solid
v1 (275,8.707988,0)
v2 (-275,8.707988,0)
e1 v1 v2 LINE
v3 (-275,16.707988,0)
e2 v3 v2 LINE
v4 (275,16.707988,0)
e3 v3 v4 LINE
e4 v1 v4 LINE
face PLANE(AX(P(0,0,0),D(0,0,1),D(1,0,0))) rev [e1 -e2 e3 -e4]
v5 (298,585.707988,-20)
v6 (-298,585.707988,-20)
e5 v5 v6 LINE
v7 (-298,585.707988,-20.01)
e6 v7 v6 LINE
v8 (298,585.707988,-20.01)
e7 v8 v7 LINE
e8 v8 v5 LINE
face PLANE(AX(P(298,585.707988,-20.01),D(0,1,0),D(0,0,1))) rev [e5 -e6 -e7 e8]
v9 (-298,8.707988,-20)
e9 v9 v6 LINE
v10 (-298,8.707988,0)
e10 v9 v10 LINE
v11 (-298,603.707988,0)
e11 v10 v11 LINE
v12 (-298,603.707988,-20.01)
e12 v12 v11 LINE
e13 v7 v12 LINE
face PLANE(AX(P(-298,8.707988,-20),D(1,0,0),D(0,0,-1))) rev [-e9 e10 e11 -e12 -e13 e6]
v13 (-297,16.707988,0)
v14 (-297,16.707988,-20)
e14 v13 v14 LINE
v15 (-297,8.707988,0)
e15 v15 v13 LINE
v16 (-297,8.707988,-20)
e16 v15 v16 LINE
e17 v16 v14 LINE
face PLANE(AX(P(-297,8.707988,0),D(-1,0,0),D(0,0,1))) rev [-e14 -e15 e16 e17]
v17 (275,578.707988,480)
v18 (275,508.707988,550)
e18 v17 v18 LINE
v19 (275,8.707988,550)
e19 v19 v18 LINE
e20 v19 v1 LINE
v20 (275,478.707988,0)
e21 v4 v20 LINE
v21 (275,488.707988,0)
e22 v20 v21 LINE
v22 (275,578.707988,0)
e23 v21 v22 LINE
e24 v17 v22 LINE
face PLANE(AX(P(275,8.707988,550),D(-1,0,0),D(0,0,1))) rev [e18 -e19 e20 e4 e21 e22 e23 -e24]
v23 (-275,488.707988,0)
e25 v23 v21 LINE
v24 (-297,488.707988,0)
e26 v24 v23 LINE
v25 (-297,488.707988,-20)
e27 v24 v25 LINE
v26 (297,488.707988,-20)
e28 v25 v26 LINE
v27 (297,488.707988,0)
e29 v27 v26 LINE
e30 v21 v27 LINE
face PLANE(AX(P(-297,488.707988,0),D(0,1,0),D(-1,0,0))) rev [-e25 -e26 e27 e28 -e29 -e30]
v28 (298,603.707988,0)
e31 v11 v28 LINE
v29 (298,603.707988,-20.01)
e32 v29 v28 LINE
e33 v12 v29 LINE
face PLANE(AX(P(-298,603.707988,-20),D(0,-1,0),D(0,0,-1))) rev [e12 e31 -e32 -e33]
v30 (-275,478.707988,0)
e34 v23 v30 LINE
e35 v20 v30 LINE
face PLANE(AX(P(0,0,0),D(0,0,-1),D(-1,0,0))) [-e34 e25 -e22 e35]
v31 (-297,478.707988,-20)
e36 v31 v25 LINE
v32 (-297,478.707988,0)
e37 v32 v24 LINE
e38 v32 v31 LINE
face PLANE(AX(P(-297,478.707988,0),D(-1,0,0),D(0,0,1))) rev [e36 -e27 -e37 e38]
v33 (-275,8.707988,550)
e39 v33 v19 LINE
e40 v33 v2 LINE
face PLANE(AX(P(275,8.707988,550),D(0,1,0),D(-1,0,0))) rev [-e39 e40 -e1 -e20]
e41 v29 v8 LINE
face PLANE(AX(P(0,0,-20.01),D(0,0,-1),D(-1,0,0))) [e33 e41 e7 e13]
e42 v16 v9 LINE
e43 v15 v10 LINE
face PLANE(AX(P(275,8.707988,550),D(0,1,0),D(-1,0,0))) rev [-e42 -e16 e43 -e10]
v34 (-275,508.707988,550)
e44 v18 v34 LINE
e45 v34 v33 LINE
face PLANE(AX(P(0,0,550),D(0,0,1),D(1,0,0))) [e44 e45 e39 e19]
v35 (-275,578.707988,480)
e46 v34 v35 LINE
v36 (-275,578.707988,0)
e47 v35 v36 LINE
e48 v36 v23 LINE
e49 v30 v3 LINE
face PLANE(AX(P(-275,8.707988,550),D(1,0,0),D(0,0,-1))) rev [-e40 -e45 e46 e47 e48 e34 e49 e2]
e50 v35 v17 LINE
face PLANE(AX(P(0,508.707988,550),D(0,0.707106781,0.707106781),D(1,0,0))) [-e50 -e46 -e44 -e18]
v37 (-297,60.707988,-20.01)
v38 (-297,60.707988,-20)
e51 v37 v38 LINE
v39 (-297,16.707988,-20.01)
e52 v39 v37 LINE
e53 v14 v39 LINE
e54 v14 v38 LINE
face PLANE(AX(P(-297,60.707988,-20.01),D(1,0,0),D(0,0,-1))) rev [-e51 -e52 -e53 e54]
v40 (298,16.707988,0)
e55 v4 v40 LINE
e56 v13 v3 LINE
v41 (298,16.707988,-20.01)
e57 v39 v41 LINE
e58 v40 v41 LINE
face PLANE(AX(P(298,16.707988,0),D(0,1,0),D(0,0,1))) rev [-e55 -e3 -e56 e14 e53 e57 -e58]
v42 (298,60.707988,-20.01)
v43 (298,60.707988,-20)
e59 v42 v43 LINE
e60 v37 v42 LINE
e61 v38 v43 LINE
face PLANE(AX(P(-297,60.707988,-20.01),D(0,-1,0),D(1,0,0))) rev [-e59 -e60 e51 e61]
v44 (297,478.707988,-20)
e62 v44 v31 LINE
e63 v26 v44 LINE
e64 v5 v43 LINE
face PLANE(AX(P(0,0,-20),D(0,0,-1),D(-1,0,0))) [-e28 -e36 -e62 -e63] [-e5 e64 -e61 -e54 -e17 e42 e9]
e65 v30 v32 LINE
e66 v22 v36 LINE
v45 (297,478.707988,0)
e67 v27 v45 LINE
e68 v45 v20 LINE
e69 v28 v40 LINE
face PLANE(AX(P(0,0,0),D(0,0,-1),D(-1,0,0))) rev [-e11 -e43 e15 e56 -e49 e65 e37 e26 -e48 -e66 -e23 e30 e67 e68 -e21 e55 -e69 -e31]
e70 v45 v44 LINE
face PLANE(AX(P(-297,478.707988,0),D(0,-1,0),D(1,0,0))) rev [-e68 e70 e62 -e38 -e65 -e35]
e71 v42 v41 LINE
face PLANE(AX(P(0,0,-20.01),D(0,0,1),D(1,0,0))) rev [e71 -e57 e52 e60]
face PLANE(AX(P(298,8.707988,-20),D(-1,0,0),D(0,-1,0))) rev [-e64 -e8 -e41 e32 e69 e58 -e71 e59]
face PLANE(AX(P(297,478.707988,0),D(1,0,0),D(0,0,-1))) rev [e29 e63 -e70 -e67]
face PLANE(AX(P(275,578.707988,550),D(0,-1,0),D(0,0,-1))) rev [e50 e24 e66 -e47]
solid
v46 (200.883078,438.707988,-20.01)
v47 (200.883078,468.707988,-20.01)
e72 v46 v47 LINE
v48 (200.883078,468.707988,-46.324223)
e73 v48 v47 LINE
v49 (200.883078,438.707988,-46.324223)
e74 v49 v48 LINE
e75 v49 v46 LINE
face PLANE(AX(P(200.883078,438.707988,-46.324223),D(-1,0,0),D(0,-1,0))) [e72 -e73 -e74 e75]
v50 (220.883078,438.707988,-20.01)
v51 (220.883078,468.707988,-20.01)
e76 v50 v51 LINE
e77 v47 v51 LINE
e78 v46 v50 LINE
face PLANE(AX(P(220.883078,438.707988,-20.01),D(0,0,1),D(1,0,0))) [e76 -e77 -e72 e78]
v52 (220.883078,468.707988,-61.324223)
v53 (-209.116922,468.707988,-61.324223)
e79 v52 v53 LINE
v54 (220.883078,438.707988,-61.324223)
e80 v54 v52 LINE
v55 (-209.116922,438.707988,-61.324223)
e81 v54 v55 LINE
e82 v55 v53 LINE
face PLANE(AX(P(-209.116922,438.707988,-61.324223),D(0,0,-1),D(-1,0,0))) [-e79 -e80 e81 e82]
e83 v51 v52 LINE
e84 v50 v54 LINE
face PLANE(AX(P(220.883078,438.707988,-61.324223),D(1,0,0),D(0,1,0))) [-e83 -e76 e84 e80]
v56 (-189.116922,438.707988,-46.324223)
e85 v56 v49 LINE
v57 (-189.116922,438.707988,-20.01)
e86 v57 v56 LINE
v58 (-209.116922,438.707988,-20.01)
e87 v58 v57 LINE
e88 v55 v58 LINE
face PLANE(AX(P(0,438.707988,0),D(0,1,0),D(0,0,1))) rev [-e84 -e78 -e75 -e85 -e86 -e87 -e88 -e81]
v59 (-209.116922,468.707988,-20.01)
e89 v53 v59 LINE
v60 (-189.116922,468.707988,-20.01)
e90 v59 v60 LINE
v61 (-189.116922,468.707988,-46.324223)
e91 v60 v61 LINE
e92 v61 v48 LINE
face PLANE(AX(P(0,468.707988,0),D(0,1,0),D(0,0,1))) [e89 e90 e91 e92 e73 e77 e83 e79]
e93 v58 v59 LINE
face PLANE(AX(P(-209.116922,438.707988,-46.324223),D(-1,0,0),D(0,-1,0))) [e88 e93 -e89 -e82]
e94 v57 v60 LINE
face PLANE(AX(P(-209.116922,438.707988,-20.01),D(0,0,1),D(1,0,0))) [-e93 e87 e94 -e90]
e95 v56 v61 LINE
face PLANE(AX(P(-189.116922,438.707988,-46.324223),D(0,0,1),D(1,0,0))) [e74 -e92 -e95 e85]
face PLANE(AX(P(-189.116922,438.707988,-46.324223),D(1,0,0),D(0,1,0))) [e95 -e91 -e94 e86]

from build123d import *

# Parameters (mm, degrees)
SKETCH2_W           = 550
SKETCH2_H           = 570
BOSS_EXTRUDE2_DEPTH = 550
CHAMFER1_SIZE       = 70
SKETCH3_W           = 596
SKETCH3_H           = 595
BOSS_EXTRUDE3_DEPTH = 20
SKETCH4_W           = 595
SKETCH4_H           = 52
SKETCH4_W_2         = 596
SKETCH4_H_2         = 18
BOSS_EXTRUDE4_DEPTH = 0.01
SKETCH5_W           = 595
SKETCH5_H           = 8
SKETCH5_W_2         = 594
SKETCH5_H_2         = 10
CUT_EXTRUDE1_DEPTH  = 20.01
BOSS_EXTRUDE5_DEPTH = 30


with BuildPart() as part:
    # Sketch2 → Boss-Extrude2 (new body)
    with BuildSketch(Plane.XY):
        with Locations((0, 293.707988466)):
            Rectangle(SKETCH2_W, SKETCH2_H)
    extrude(amount=BOSS_EXTRUDE2_DEPTH)

    # Chamfer1
    chamfer1_edges = [part.edges().sort_by_distance(p)[0] for p in [
        (0, 578.707988466, 550),
    ]]
    chamfer(chamfer1_edges, length=CHAMFER1_SIZE)

    # Sketch3 → Boss-Extrude3 (add)
    with BuildSketch(Plane(origin=(0, 0, 0), x_dir=(-1, 0, 0), z_dir=(0, 0, -1))):
        with Locations((0, 306.207988466)):
            Rectangle(SKETCH3_W, SKETCH3_H)
    extrude(amount=BOSS_EXTRUDE3_DEPTH)

    # Sketch4 → Boss-Extrude4 (add)
    with BuildSketch(Plane(origin=(0, 0, -20), x_dir=(-1, 0, 0), z_dir=(0, 0, -1))):
        with Locations((-0.5, 34.707988466)):
            Rectangle(SKETCH4_W, SKETCH4_H)
        with Locations((0, 594.707988466)):
            Rectangle(SKETCH4_W_2, SKETCH4_H_2)
    extrude(amount=BOSS_EXTRUDE4_DEPTH)

    # Sketch5 → Cut-Extrude1 (cut)
    with BuildSketch(Plane(origin=(0, 0, -20.01), x_dir=(-1, 0, 0), z_dir=(0, 0, -1))):
        with Locations((-0.5, 12.707988466)):
            Rectangle(SKETCH5_W, SKETCH5_H)
        with Locations((0, 483.707988466)):
            Rectangle(SKETCH5_W_2, SKETCH5_H_2)
    extrude(amount=-CUT_EXTRUDE1_DEPTH, mode=Mode.SUBTRACT)


with BuildPart() as body_2:
    # Sketch7 → Boss-Extrude5 (new body)
    with BuildSketch(Plane(origin=(0, 468.707988466, 0), x_dir=(1, 0, 0), z_dir=(0, 1, 0))):
        Polygon((-209.116922129, 61.324222613), (220.883077871, 61.324222613), (220.883077871, 46.324222613), (220.883077871, 20.01), (200.883077871, 20.01), (200.883077871, 46.324222613), (-189.116922129, 46.324222613), (-189.116922129, 20.01), (-209.116922129, 20.01), (-209.116922129, 46.324222613), align=None)
    extrude(amount=-BOSS_EXTRUDE5_DEPTH)


solid = Compound([part.part, body_2.part])
